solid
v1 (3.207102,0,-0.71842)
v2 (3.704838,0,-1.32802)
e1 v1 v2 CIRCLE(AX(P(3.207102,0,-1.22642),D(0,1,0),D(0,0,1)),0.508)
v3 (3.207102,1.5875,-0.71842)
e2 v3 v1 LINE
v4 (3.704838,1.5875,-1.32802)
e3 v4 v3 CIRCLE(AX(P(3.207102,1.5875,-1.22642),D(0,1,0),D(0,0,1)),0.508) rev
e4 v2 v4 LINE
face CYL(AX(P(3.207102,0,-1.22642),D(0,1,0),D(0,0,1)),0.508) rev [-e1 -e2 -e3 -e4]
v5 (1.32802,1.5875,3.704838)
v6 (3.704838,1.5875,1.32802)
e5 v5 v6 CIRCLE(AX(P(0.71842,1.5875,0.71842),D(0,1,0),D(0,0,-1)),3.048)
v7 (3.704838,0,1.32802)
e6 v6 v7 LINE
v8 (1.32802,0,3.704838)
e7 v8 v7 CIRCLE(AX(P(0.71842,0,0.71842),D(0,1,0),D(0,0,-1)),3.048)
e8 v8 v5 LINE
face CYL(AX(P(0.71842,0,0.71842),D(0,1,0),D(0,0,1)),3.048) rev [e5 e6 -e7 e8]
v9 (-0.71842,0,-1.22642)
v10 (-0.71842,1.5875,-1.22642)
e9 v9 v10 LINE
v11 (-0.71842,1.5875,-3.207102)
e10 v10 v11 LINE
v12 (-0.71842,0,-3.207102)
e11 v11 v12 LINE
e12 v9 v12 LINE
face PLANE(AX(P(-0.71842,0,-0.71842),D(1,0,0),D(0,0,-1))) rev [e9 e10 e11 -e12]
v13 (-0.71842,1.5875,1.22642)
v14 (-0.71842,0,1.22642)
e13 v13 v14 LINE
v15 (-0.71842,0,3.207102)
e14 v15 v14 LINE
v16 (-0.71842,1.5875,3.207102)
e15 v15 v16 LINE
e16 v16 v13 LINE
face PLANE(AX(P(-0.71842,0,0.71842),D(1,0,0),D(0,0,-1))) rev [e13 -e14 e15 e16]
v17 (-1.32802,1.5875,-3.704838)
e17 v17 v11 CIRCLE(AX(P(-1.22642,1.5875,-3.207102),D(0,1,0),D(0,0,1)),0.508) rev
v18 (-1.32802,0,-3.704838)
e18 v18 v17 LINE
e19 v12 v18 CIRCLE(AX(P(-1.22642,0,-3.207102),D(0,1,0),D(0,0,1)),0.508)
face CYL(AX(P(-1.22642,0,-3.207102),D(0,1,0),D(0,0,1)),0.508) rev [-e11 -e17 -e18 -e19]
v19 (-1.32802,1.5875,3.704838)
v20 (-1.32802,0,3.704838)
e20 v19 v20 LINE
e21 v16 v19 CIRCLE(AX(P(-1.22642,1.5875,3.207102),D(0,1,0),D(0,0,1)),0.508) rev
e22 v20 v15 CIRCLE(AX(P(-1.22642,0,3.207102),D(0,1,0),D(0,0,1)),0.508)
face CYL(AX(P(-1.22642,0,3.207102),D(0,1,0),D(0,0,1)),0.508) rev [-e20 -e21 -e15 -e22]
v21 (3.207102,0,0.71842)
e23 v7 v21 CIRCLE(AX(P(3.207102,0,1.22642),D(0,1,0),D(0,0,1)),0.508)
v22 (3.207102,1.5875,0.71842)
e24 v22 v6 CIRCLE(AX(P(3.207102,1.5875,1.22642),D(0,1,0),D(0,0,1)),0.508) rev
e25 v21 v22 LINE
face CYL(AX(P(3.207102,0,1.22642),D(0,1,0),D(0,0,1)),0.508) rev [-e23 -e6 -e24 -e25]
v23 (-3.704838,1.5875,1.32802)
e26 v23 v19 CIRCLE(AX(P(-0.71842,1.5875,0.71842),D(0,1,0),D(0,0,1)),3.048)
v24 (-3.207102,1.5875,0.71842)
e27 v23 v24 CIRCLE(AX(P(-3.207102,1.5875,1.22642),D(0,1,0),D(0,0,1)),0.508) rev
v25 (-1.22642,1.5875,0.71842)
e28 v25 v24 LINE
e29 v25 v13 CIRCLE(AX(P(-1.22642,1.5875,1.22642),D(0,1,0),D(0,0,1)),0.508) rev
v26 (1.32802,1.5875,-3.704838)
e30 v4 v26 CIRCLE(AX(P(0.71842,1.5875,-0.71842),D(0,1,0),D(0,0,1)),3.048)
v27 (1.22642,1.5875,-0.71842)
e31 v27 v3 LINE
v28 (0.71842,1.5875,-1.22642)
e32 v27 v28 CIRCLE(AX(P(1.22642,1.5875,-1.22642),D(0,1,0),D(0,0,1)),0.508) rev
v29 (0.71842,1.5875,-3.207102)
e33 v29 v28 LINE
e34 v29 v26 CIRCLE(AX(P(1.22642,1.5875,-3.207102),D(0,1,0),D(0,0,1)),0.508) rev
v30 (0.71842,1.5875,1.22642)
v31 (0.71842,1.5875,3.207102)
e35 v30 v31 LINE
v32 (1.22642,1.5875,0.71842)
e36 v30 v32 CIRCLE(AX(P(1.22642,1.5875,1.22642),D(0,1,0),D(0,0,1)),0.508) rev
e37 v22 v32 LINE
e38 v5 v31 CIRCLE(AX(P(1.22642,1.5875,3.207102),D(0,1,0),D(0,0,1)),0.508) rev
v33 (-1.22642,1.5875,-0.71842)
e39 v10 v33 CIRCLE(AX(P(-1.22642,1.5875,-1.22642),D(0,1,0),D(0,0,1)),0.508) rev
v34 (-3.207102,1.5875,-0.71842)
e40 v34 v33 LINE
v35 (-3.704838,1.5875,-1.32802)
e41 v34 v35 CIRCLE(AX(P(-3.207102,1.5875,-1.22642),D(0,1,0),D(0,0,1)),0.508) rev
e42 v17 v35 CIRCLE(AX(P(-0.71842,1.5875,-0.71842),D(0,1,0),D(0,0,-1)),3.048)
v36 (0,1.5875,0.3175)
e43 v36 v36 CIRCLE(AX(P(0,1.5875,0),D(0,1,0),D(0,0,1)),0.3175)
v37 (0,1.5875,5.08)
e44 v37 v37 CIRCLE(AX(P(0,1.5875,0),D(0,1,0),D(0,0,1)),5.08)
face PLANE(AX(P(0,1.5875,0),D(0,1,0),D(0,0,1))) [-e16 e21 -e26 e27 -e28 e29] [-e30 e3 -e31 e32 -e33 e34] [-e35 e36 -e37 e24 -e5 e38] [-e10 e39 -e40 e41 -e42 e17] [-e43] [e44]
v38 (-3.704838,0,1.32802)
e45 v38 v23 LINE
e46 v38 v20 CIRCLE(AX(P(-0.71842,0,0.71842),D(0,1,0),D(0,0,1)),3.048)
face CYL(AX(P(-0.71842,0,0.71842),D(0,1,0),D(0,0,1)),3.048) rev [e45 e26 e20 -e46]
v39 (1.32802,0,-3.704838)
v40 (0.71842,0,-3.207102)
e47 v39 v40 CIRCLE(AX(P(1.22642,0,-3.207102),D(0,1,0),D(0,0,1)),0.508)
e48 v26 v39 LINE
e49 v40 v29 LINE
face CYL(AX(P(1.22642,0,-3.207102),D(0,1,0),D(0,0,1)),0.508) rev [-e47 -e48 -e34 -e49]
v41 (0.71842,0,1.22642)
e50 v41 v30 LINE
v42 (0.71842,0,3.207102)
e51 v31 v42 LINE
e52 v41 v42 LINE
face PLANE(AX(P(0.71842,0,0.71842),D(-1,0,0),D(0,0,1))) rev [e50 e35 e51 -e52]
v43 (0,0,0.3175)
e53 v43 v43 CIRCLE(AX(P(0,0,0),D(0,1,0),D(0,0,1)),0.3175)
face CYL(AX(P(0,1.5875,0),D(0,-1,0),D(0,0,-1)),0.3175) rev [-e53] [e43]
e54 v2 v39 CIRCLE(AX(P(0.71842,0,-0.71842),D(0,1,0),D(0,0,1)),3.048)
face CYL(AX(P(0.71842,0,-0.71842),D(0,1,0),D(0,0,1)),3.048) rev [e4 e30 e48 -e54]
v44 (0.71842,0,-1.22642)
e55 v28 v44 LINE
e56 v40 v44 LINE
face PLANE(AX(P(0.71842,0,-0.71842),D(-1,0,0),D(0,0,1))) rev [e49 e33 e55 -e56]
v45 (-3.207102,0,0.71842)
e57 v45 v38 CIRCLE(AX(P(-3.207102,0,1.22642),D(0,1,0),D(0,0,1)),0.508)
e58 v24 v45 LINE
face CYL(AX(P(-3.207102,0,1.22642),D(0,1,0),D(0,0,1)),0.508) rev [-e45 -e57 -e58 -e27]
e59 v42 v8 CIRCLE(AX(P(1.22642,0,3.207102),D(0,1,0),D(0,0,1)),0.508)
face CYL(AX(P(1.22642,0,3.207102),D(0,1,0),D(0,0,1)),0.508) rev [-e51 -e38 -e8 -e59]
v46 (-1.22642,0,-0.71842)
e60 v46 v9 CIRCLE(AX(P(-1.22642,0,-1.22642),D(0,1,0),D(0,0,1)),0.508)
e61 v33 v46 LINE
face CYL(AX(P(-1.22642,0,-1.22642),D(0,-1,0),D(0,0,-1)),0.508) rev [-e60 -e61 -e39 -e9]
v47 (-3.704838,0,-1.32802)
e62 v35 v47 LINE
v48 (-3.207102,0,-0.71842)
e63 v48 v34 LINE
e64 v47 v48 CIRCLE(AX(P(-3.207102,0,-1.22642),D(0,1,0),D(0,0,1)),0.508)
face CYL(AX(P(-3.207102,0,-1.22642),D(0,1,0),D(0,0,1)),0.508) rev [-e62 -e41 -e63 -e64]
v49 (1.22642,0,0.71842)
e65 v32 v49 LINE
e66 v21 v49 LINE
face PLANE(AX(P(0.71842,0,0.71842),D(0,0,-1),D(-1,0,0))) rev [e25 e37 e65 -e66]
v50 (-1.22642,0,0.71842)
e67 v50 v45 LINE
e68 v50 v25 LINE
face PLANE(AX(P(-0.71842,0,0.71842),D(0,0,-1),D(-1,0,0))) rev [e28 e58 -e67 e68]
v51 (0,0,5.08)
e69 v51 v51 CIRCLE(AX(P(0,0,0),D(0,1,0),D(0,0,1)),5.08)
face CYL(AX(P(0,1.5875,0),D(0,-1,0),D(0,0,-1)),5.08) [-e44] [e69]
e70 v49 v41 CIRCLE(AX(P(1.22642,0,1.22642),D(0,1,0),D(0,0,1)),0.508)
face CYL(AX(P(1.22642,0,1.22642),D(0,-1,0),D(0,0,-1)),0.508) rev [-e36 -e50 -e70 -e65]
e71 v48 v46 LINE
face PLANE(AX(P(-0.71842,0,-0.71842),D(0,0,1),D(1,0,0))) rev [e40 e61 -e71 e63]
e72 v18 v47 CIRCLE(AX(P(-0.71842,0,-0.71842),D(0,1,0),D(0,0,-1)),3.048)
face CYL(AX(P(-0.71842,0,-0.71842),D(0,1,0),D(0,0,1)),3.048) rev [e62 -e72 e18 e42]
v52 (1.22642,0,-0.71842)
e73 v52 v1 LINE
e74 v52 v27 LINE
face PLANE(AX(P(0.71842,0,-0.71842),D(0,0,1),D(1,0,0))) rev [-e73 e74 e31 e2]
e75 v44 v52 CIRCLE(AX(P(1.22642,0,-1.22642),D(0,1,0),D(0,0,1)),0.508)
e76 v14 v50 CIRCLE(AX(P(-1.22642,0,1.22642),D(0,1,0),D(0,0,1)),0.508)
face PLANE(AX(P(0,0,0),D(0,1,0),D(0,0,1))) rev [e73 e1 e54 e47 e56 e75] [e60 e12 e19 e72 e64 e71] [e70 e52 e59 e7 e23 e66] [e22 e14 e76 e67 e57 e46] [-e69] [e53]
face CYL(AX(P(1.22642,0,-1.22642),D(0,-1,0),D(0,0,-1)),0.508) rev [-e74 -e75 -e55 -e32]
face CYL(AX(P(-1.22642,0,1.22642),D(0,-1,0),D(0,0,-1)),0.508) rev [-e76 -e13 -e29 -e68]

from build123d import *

# Parameters (mm, degrees)
SKETCH1_R           = 5.08
SKETCH1_R_2         = 0.3175
BOSS_EXTRUDE1_DEPTH = 1.5875
CUT_EXTRUDE1_DEPTH  = 8.357510194
FILLET1_R           = 0.508
FILLET2_R           = 0.508


with BuildPart() as part:
    # Sketch1 → Boss-Extrude1 (new body)
    with BuildSketch(Plane(origin=(0, 0, 0), x_dir=(1, 0, 0), z_dir=(0, 1, 0))):
        with Locations(Location((0, 0, 0), (0, 0, 270))):
            Circle(SKETCH1_R)
        with Locations(Location((0, 0, 0), (0, 0, 270))):
            Circle(SKETCH1_R_2, mode=Mode.SUBTRACT)
    extrude(amount=BOSS_EXTRUDE1_DEPTH)

    # Sketch2 → Cut-Extrude1 (cut, through all)
    with BuildSketch(Plane(origin=(0, 1.5875, 0), x_dir=(1, 0, 0), z_dir=(0, 1, 0))):
        with BuildLine():
            Line((-0.71842049, 0.71842049), (-0.71842049, 3.76642049))
            ThreePointArc((-0.71842049, 3.76642049), (-2.873681959, 2.873681959), (-3.76642049, 0.71842049))
            Line((-3.76642049, 0.71842049), (-0.71842049, 0.71842049))
        make_face()
        with BuildLine():
            Line((0.71842049, 0.71842049), (3.76642049, 0.71842049))
            ThreePointArc((3.76642049, 0.71842049), (2.873681959, 2.873681959), (0.71842049, 3.76642049))
            Line((0.71842049, 3.76642049), (0.71842049, 0.71842049))
        make_face()
        with BuildLine():
            Line((0.71842049, -0.71842049), (3.76642049, -0.71842049))
            ThreePointArc((3.76642049, -0.71842049), (2.873681959, -2.873681959), (0.71842049, -3.76642049))
            Line((0.71842049, -3.76642049), (0.71842049, -0.71842049))
        make_face()
        with BuildLine():
            Line((-0.71842049, -0.71842049), (-0.71842049, -3.76642049))
            ThreePointArc((-0.71842049, -3.76642049), (-2.873681959, -2.873681959), (-3.76642049, -0.71842049))
            Line((-3.76642049, -0.71842049), (-0.71842049, -0.71842049))
        make_face()
    extrude(amount=-CUT_EXTRUDE1_DEPTH, mode=Mode.SUBTRACT)

    # Fillet1
    fillet1_edges = [part.edges().sort_by_distance(p)[0] for p in [
        (-0.71842049, 0.79375, -0.71842049),
        (0.71842049, 0.79375, -0.71842049),
        (0.71842049, 0.79375, 0.71842049),
        (-0.71842049, 0.79375, 0.71842049),
    ]]
    fillet(fillet1_edges, radius=FILLET1_R)

    # Fillet2
    fillet2_edges = [part.edges().sort_by_distance(p)[0] for p in [
        (-3.76642049, 0.79375, -0.71842049),
        (-0.71842049, 0.79375, -3.76642049),
        (0.71842049, 0.79375, -3.76642049),
        (3.76642049, 0.79375, -0.71842049),
        (0.71842049, 0.79375, 3.76642049),
        (3.76642049, 0.79375, 0.71842049),
        (-3.76642049, 0.79375, 0.71842049),
        (-0.71842049, 0.79375, 3.76642049),
    ]]
    fillet(fillet2_edges, radius=FILLET2_R)


solid = part.part
